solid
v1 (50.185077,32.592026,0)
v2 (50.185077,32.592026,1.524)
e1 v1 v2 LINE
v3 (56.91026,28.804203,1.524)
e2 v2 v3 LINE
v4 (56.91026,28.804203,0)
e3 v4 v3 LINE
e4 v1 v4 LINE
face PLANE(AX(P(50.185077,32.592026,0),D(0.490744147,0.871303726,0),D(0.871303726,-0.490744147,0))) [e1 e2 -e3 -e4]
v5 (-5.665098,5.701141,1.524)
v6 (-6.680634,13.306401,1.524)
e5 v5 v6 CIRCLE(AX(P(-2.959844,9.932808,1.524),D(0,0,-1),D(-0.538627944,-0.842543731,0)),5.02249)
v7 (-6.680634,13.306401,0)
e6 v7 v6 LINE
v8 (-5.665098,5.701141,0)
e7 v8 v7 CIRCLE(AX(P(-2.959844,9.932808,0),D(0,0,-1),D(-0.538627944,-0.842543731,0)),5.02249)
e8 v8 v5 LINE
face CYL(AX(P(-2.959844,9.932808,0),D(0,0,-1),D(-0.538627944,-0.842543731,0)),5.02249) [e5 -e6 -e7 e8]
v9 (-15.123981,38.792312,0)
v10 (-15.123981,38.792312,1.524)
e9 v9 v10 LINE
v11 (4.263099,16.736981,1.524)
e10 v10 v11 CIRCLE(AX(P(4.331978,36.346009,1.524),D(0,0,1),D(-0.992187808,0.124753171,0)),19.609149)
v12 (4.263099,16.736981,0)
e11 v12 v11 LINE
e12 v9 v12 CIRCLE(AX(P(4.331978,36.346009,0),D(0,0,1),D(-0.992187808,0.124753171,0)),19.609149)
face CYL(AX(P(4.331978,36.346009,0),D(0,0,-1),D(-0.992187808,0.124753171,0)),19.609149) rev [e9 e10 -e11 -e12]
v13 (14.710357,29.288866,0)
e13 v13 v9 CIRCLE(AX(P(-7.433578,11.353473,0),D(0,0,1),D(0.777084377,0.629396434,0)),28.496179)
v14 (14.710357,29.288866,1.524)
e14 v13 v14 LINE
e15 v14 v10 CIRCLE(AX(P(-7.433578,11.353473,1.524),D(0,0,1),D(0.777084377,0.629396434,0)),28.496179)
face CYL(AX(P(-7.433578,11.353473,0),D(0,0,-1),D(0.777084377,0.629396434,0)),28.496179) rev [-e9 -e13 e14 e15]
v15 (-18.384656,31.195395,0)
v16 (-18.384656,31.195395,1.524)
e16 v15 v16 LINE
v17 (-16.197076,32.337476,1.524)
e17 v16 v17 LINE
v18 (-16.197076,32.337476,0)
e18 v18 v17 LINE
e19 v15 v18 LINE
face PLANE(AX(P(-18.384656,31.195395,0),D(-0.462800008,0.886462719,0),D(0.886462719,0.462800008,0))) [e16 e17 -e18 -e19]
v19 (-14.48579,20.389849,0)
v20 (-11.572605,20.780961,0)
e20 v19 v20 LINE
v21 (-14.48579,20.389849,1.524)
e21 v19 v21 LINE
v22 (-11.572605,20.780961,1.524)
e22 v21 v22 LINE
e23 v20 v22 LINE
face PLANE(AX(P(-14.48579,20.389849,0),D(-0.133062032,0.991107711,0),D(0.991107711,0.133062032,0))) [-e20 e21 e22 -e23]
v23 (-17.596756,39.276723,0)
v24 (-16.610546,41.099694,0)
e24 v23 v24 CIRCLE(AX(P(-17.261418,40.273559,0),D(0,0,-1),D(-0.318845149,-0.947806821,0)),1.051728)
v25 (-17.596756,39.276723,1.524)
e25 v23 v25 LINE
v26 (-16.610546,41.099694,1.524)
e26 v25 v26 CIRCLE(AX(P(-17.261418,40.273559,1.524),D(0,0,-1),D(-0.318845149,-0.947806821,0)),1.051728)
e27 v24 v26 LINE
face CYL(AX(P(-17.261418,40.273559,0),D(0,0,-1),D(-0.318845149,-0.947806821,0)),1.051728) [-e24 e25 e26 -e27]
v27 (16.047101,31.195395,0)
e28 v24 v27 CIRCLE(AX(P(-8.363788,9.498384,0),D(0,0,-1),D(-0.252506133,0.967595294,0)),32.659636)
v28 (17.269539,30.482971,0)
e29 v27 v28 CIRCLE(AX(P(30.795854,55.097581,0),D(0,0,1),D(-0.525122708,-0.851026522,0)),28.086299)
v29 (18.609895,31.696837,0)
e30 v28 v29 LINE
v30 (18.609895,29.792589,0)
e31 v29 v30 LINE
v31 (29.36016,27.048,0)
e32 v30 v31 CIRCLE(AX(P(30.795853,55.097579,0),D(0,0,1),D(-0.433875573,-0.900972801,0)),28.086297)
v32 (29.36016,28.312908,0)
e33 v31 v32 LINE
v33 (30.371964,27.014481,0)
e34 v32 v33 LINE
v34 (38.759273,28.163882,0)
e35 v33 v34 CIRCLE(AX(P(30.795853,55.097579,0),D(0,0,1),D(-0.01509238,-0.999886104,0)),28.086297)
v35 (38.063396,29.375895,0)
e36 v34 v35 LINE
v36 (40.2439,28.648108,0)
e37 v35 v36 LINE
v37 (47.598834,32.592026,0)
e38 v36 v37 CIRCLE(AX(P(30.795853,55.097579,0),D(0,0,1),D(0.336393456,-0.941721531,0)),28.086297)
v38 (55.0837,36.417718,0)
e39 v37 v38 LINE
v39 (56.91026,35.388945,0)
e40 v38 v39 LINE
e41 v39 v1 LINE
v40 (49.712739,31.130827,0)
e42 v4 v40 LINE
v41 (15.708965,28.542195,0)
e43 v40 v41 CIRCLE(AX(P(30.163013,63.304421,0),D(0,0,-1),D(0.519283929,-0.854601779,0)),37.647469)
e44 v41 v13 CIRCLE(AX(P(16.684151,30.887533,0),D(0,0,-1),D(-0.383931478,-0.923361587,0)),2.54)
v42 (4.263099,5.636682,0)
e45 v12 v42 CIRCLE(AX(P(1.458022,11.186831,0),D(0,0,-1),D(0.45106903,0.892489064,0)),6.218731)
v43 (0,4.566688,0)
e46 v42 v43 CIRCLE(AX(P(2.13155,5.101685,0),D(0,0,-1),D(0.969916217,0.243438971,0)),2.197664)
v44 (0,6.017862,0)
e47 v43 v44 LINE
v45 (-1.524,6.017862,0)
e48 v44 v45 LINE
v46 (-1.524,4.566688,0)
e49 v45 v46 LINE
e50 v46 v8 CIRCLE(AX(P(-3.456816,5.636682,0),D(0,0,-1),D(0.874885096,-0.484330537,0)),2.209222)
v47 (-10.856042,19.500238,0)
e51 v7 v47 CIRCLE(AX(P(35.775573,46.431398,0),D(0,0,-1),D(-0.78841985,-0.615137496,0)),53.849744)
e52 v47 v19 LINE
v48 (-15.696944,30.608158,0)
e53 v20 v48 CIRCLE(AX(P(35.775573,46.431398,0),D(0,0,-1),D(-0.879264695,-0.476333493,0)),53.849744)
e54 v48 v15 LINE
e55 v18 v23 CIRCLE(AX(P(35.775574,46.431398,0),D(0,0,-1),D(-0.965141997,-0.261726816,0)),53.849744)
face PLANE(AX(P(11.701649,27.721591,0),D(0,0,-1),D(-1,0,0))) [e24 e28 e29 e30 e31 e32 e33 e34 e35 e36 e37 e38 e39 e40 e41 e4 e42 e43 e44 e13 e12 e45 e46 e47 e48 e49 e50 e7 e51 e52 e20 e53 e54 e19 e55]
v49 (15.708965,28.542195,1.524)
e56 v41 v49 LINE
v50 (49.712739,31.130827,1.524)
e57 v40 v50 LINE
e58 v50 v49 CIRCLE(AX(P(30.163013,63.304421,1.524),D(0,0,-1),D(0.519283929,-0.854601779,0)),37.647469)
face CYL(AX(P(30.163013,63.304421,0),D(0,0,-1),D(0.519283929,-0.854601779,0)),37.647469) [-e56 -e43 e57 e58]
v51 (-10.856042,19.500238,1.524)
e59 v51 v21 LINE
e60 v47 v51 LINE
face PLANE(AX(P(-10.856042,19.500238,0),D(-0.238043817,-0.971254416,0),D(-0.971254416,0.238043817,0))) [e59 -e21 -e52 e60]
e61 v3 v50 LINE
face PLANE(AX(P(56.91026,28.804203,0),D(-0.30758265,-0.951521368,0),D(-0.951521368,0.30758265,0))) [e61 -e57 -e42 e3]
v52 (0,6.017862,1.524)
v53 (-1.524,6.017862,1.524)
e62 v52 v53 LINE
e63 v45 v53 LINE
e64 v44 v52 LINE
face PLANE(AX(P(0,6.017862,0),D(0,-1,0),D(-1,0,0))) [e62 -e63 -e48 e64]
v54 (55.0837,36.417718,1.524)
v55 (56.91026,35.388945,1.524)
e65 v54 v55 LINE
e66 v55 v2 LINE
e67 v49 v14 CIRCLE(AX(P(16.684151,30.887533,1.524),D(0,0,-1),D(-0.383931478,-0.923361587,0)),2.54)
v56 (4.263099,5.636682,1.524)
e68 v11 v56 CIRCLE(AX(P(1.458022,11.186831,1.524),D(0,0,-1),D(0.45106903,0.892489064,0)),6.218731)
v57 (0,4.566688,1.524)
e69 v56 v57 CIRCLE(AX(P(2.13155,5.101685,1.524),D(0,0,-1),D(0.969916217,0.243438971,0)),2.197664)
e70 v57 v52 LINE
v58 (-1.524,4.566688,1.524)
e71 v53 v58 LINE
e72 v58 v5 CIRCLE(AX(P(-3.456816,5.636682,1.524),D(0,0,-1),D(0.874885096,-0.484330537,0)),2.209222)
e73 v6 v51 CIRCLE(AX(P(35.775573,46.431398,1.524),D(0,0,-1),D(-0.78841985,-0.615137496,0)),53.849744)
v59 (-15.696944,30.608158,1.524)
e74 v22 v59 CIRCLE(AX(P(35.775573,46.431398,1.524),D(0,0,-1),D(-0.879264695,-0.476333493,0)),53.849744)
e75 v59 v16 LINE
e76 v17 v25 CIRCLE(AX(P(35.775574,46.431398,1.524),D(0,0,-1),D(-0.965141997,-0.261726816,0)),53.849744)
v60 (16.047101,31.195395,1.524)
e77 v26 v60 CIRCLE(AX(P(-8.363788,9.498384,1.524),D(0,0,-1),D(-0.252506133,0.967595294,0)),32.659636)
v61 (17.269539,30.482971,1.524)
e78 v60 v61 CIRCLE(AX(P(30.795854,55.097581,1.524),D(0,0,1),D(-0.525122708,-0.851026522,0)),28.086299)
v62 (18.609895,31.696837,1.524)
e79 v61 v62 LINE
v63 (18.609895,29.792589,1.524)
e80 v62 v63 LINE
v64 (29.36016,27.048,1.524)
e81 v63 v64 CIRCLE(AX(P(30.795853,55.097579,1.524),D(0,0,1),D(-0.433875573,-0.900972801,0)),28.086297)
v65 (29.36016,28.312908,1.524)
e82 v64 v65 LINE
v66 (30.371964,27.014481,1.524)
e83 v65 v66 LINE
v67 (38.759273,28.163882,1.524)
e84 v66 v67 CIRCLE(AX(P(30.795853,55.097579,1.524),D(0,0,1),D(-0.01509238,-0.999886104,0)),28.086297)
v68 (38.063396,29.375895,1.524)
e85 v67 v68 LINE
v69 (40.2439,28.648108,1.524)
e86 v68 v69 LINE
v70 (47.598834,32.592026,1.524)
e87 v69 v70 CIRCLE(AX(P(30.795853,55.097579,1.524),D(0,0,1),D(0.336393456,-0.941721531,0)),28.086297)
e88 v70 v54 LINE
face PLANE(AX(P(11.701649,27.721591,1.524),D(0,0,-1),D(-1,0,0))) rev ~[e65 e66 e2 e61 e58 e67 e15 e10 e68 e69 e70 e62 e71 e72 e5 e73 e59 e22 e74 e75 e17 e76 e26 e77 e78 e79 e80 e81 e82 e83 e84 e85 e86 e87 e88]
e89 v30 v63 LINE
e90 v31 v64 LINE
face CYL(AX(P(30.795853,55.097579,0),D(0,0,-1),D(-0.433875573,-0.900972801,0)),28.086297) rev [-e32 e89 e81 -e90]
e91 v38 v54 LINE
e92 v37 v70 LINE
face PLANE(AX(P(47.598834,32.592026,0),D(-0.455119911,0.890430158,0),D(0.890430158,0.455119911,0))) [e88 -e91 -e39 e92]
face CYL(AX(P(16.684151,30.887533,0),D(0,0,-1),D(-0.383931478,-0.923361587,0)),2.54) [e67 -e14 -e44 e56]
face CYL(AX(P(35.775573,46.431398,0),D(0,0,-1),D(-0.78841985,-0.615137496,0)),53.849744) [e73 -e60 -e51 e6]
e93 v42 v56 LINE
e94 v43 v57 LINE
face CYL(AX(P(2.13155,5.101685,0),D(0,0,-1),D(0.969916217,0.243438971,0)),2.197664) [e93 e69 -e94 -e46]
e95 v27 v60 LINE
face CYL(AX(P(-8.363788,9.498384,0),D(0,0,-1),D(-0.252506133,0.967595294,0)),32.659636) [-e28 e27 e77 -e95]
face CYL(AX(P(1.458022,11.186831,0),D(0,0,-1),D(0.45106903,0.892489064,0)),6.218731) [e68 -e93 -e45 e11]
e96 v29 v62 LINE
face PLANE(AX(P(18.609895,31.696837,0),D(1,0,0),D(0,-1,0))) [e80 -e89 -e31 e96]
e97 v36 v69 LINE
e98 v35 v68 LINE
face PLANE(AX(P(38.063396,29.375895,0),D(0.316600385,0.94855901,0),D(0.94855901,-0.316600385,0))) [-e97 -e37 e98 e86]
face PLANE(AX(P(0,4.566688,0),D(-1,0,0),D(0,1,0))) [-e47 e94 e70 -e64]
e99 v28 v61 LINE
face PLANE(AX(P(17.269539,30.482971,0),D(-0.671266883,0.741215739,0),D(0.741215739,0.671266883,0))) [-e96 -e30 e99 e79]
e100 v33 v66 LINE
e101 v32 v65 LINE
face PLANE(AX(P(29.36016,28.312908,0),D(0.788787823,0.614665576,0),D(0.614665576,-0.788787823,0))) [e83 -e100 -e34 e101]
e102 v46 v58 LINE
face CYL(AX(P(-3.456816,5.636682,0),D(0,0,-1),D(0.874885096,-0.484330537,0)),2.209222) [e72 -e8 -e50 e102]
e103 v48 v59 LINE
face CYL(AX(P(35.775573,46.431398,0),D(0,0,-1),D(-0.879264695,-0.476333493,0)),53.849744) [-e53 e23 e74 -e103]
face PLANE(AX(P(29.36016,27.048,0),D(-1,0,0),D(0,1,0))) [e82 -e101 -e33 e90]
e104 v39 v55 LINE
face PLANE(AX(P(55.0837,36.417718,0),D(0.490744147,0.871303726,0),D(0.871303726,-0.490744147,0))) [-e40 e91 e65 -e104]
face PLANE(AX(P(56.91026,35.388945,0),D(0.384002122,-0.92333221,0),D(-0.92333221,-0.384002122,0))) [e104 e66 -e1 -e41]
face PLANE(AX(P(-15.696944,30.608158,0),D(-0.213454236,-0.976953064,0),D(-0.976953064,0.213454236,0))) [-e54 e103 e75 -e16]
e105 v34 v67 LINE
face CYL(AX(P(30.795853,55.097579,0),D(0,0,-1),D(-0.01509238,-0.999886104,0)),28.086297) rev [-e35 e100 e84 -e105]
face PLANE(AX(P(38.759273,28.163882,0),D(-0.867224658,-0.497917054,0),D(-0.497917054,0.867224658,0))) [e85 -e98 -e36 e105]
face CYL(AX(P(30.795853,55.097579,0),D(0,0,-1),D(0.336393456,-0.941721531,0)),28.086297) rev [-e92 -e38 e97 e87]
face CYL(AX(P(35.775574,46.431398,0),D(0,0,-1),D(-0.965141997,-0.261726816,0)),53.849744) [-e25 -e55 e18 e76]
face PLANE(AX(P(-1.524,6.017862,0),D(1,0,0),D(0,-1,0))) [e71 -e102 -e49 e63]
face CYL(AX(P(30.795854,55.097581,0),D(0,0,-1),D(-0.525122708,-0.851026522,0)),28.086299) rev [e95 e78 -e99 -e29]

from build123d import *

# Parameters (mm, degrees)
BOSS_EXTRUDE1_DEPTH = 1.524


with BuildPart() as part:
    # Sketch1 → Boss-Extrude1 (new body)
    with BuildSketch(Plane.XY):
        with BuildLine():
            ThreePointArc((-16.197076151, 32.337475868), (-17.011067411, 35.784074673), (-17.596756232, 39.276723195))
            ThreePointArc((-17.596756232, 39.276723195), (-18.186455817, 40.773995588), (-16.610546214, 41.09969352))
            ThreePointArc((-16.610546214, 41.09969352), (1.114796248, 40.752315398), (16.047100727, 31.195395396))
            ThreePointArc((16.047100727, 31.195395396), (16.65383311, 30.831484379), (17.269539256, 30.482971317))
            Line((17.269539256, 30.482971317), (18.609894912, 31.696837019))
            Line((18.609894912, 31.696837019), (18.609894912, 29.792589361))
            ThreePointArc((18.609894912, 29.792589361), (23.848153012, 27.88417162), (29.360160247, 27.048000318))
            Line((29.360160247, 27.048000318), (29.360160247, 28.312908217))
            Line((29.360160247, 28.312908217), (30.371964085, 27.014480945))
            ThreePointArc((30.371964085, 27.014480945), (34.609173407, 27.271356348), (38.759272861, 28.163882163))
            Line((38.759272861, 28.163882163), (38.063395752, 29.375894853))
            Line((38.063395752, 29.375894853), (40.24389972, 28.648108402))
            ThreePointArc((40.24389972, 28.648108402), (44.068672668, 30.34536008), (47.598834428, 32.592026348))
            Line((47.598834428, 32.592026348), (55.083699621, 36.417717956))
            Line((55.083699621, 36.417717956), (56.910260303, 35.388944708))
            Line((56.910260303, 35.388944708), (50.185076604, 32.592026348))
            Line((50.185076604, 32.592026348), (56.910260303, 28.804203066))
            Line((56.910260303, 28.804203066), (49.712738856, 31.130827352))
            ThreePointArc((49.712738856, 31.130827352), (33.020763696, 25.765572392), (15.708965282, 28.542194647))
            ThreePointArc((15.708965282, 28.542194647), (15.163131597, 28.853301218), (14.710356917, 29.288866136))
            ThreePointArc((14.710356917, 29.288866136), (1.215411603, 38.505400506), (-15.123980563, 38.792312441))
            ThreePointArc((-15.123980563, 38.792312441), (-10.396030461, 23.399793439), (4.263099046, 16.736980561))
            ThreePointArc((4.263099046, 16.736980561), (7.676752936, 11.186831392), (4.263099046, 5.636682223))
            ThreePointArc((4.263099046, 5.636682223), (2.666546478, 2.970135745), (0, 4.566688313))
            Line((0, 4.566688313), (0, 6.017862143))
            Line((0, 6.017862143), (-1.524, 6.017862143))
            Line((-1.524, 6.017862143), (-1.524, 4.566688313))
            ThreePointArc((-1.524, 4.566688313), (-4.040524665, 3.505966865), (-5.665097739, 5.701140823))
            ThreePointArc((-5.665097739, 5.701140823), (-7.938147597, 9.268051635), (-6.680633826, 13.306401238))
            ThreePointArc((-6.680633826, 13.306401238), (-8.875864768, 16.330833019), (-10.856041848, 19.50023757))
            Line((-10.856041848, 19.50023757), (-14.485790124, 20.389849107))
            Line((-14.485790124, 20.389849107), (-11.572605425, 20.780961266))
            ThreePointArc((-11.572605425, 20.780961266), (-13.878489207, 25.592275915), (-15.696943684, 30.608157889))
            Line((-15.696943684, 30.608157889), (-18.384655546, 31.195395396))
            Line((-18.384655546, 31.195395396), (-16.197076151, 32.337475868))
        make_face()
    extrude(amount=BOSS_EXTRUDE1_DEPTH)


solid = part.part
